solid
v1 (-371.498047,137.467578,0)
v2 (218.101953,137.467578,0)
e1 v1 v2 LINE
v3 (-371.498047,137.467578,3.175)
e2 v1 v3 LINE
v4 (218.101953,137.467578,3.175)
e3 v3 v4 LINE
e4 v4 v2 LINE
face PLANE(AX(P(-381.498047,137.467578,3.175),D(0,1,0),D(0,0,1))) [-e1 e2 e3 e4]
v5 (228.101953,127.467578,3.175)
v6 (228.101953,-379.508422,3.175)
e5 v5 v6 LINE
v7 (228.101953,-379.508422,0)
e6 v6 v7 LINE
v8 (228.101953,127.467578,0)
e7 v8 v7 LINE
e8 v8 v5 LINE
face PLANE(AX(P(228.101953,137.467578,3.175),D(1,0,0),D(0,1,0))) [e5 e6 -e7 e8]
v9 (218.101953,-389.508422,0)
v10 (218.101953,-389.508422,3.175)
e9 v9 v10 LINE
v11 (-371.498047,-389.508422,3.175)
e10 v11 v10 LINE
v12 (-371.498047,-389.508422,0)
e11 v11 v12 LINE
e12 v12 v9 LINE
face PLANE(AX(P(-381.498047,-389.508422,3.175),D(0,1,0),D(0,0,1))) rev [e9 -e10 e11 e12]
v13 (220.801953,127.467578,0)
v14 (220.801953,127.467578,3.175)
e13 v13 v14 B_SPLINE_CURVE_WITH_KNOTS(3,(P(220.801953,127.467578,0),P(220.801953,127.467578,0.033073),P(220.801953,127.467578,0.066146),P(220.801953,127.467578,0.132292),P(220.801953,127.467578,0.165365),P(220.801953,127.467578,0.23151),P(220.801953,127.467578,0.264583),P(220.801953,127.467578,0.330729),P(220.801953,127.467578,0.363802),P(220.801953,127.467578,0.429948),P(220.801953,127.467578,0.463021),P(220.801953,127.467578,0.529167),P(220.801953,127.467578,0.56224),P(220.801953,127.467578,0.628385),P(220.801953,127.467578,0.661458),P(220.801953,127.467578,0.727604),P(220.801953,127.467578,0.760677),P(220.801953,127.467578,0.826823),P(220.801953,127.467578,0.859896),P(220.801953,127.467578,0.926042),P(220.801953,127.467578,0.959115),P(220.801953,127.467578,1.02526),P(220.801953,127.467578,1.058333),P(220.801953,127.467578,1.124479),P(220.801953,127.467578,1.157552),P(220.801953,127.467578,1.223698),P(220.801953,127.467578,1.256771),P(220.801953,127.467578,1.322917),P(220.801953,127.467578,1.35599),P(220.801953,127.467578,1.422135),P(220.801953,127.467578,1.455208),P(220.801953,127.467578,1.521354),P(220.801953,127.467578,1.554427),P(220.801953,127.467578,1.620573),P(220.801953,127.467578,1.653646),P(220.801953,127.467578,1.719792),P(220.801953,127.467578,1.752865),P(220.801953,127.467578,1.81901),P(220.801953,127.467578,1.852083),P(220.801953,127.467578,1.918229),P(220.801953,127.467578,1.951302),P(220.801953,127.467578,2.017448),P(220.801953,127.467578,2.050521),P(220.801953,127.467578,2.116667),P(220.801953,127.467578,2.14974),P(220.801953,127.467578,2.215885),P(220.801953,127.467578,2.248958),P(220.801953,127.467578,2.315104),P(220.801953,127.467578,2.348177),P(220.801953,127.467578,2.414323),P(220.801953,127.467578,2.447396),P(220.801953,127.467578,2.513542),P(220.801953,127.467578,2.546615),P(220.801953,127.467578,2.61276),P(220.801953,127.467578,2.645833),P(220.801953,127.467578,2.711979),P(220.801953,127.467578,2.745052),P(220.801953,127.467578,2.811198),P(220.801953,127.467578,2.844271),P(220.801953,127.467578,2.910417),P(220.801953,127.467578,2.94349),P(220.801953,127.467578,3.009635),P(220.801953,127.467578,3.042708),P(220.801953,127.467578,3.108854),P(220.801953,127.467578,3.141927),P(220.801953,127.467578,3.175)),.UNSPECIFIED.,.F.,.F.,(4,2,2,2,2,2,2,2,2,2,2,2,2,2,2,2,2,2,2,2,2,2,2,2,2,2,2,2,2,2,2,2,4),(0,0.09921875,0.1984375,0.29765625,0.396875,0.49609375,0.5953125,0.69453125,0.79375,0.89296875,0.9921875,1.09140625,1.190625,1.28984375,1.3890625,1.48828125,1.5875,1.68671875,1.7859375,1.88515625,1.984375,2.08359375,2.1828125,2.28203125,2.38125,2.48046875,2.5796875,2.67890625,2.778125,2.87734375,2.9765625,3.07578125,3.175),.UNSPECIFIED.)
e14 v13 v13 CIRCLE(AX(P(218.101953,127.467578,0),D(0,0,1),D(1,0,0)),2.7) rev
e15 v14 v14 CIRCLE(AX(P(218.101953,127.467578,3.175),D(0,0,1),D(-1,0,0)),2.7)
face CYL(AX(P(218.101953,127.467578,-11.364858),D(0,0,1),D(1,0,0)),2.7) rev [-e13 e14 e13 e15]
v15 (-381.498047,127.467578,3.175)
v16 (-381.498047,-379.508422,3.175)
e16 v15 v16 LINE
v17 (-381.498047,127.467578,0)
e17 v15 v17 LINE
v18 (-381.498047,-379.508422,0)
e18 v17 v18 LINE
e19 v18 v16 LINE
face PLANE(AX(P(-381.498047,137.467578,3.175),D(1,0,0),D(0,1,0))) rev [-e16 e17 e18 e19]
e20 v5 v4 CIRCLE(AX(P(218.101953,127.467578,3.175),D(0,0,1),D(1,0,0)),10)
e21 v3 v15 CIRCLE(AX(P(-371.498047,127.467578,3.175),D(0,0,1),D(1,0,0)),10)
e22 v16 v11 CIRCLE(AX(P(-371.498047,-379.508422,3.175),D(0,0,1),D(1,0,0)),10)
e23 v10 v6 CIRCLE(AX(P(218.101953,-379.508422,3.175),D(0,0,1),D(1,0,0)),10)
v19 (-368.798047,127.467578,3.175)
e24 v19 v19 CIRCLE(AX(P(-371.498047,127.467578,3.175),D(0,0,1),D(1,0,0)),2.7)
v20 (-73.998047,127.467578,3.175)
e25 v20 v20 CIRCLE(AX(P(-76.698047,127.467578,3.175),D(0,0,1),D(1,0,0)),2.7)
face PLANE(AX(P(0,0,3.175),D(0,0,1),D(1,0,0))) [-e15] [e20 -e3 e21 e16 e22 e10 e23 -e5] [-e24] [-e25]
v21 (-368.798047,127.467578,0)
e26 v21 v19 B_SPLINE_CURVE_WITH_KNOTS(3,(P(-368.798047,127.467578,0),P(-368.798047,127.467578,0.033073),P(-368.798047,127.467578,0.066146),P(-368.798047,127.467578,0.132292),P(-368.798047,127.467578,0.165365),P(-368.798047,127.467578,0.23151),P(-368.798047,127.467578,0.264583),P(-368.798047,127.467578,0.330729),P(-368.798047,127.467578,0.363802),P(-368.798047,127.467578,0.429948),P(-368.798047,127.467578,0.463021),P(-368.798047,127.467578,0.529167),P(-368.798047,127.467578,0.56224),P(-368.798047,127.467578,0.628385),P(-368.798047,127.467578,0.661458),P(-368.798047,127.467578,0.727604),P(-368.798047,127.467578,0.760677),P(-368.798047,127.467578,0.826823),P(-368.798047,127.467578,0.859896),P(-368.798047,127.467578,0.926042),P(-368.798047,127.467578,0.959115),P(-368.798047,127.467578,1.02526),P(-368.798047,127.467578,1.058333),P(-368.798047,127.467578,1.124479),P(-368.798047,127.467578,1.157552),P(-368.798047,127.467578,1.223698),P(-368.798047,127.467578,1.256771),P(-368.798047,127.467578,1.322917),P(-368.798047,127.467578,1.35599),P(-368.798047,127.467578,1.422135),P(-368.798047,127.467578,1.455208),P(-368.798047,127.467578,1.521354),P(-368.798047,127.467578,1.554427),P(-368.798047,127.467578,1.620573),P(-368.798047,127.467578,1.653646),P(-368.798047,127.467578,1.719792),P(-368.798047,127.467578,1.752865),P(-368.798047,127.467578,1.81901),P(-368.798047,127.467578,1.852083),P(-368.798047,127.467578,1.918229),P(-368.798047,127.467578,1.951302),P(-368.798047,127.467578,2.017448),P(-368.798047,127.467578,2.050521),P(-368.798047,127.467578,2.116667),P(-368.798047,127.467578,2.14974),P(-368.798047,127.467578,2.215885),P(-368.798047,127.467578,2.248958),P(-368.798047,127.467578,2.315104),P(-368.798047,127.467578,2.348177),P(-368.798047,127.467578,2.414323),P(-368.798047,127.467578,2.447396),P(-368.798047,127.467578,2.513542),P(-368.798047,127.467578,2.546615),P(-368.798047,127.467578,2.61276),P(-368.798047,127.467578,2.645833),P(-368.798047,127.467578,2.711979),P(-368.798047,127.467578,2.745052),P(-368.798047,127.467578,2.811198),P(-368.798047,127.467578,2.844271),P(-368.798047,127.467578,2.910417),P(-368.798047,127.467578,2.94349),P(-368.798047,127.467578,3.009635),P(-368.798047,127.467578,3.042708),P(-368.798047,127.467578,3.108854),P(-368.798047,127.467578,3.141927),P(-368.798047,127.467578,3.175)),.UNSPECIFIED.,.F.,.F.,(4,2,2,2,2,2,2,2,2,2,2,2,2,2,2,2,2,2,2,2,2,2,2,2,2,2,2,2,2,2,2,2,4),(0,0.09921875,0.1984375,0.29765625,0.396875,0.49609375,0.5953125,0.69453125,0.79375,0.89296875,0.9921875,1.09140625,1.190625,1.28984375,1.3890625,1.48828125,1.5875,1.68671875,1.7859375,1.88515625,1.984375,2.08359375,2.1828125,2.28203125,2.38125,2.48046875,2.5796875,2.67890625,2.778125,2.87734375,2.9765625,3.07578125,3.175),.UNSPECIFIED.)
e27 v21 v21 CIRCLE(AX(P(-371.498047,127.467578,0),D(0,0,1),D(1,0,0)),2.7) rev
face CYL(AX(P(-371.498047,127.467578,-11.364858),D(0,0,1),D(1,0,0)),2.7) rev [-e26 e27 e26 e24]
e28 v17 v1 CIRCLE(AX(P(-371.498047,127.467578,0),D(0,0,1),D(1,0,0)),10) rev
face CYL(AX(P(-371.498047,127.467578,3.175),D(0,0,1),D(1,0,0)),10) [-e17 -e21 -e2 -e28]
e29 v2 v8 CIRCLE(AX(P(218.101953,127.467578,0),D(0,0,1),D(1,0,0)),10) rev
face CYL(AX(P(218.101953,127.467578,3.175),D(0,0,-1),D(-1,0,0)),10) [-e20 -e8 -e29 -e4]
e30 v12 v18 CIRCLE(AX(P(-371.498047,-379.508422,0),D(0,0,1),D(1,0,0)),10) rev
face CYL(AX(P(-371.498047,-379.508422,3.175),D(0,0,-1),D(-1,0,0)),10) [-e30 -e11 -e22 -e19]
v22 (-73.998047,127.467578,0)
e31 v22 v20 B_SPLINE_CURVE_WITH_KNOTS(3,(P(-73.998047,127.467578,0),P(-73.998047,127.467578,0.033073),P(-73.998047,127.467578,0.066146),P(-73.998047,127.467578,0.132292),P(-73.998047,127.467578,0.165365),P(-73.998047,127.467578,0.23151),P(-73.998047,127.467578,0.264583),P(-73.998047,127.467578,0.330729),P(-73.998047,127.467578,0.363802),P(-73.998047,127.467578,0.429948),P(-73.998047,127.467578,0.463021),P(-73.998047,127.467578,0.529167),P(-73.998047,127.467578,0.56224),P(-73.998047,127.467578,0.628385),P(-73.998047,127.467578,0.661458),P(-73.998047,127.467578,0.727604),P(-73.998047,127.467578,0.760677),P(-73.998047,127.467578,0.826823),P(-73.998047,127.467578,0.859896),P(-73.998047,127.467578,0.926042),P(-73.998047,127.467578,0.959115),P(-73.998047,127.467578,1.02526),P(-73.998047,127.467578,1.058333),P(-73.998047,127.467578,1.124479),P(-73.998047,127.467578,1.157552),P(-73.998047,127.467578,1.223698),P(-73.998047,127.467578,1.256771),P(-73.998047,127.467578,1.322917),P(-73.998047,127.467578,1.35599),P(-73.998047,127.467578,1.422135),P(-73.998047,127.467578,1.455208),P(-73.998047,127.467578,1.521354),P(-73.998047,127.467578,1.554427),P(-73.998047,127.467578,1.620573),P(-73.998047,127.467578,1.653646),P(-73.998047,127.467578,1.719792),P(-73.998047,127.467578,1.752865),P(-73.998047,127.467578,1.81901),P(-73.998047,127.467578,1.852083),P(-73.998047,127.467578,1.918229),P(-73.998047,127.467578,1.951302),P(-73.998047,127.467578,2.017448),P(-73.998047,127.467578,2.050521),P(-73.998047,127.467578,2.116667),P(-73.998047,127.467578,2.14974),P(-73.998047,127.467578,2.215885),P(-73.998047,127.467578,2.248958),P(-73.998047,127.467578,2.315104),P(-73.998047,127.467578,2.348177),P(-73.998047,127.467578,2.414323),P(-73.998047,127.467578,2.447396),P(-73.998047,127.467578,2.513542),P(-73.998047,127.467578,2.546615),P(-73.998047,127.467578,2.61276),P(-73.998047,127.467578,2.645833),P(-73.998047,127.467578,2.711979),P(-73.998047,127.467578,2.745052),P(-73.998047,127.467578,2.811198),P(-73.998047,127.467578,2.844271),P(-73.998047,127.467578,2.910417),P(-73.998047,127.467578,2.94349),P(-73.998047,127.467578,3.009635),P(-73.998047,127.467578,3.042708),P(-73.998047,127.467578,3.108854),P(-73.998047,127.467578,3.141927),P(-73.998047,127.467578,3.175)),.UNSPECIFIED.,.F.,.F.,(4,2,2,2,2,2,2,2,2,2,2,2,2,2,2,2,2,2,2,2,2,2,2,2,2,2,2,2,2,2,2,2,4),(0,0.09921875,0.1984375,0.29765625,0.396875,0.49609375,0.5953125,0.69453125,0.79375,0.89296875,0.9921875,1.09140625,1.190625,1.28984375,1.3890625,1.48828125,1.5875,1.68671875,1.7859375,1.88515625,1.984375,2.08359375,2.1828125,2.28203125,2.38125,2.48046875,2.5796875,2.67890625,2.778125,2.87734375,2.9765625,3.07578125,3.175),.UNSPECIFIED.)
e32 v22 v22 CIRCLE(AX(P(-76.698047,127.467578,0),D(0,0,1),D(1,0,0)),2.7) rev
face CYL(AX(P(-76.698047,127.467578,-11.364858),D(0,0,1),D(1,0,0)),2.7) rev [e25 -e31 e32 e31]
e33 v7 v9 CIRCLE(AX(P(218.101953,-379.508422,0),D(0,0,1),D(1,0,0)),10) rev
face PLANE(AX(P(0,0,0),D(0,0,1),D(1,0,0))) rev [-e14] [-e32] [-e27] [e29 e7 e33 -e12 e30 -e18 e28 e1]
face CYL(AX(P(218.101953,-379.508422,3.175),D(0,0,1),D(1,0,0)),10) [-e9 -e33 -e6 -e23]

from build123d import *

# Parameters (mm, degrees)
SKETCH1_W           = 609.6
SKETCH1_H           = 526.976
BOSS_EXTRUDE1_DEPTH = 3.175
FILLET1_R           = 10
SKETCH2_R           = 2.7
CUT_EXTRUDE1_DEPTH  = 3.175


with BuildPart() as part:
    # Sketch1 → Boss-Extrude1 (new body)
    with BuildSketch(Plane.XY):
        with Locations((-76.698046875, -126.020421875)):
            Rectangle(SKETCH1_W, SKETCH1_H)
    extrude(amount=BOSS_EXTRUDE1_DEPTH)

    # Fillet1
    fillet1_edges = [part.edges().sort_by_distance(p)[0] for p in [
        (-381.498046875, 137.467578125, 1.5875),
        (228.101953125, 137.467578125, 1.5875),
        (228.101953125, -389.508421875, 1.5875),
        (-381.498046875, -389.508421875, 1.5875),
    ]]
    fillet(fillet1_edges, radius=FILLET1_R)

    # Sketch2 → Cut-Extrude1 (cut)
    with BuildSketch(Plane.XY.offset(3.175)):
        with Locations((-371.498046875, 127.467578125)):
            Circle(SKETCH2_R)
        with Locations((218.101953125, 127.467578125)):
            Circle(SKETCH2_R)
        with Locations((-76.698046875, 127.467578125)):
            Circle(SKETCH2_R)
        with BuildLine():
            Line((-1247.34049085, -361.808421875), (-1241.34049085, -361.808421875))
            ThreePointArc((-1241.34049085, -361.808421875), (-1239.926277288, -362.394208313), (-1239.34049085, -363.808421875))
            Line((-1239.34049085, -363.808421875), (-1239.34049085, -365.208421875))
            ThreePointArc((-1239.34049085, -365.208421875), (-1239.926277288, -366.622635437), (-1241.34049085, -367.208421875))
            Line((-1241.34049085, -367.208421875), (-1247.34049085, -367.208421875))
            ThreePointArc((-1247.34049085, -367.208421875), (-1248.754704413, -366.622635437), (-1249.34049085, -365.208421875))
            Line((-1249.34049085, -365.208421875), (-1249.34049085, -363.808421875))
            ThreePointArc((-1249.34049085, -363.808421875), (-1248.754704413, -362.394208313), (-1247.34049085, -361.808421875))
        make_face()
        with BuildLine():
            Line((-651.74049085, -367.208421875), (-657.74049085, -367.208421875))
            ThreePointArc((-657.74049085, -367.208421875), (-659.154704413, -366.622635437), (-659.74049085, -365.208421875))
            Line((-659.74049085, -365.208421875), (-659.74049085, -363.808421875))
            ThreePointArc((-659.74049085, -363.808421875), (-659.154704413, -362.394208313), (-657.74049085, -361.808421875))
            Line((-657.74049085, -361.808421875), (-651.74049085, -361.808421875))
            ThreePointArc((-651.74049085, -361.808421875), (-650.326277288, -362.394208313), (-649.74049085, -363.808421875))
            Line((-649.74049085, -363.808421875), (-649.74049085, -365.208421875))
            ThreePointArc((-649.74049085, -365.208421875), (-650.326277288, -366.622635437), (-651.74049085, -367.208421875))
        make_face()
    extrude(amount=-CUT_EXTRUDE1_DEPTH, mode=Mode.SUBTRACT)


solid = part.part
